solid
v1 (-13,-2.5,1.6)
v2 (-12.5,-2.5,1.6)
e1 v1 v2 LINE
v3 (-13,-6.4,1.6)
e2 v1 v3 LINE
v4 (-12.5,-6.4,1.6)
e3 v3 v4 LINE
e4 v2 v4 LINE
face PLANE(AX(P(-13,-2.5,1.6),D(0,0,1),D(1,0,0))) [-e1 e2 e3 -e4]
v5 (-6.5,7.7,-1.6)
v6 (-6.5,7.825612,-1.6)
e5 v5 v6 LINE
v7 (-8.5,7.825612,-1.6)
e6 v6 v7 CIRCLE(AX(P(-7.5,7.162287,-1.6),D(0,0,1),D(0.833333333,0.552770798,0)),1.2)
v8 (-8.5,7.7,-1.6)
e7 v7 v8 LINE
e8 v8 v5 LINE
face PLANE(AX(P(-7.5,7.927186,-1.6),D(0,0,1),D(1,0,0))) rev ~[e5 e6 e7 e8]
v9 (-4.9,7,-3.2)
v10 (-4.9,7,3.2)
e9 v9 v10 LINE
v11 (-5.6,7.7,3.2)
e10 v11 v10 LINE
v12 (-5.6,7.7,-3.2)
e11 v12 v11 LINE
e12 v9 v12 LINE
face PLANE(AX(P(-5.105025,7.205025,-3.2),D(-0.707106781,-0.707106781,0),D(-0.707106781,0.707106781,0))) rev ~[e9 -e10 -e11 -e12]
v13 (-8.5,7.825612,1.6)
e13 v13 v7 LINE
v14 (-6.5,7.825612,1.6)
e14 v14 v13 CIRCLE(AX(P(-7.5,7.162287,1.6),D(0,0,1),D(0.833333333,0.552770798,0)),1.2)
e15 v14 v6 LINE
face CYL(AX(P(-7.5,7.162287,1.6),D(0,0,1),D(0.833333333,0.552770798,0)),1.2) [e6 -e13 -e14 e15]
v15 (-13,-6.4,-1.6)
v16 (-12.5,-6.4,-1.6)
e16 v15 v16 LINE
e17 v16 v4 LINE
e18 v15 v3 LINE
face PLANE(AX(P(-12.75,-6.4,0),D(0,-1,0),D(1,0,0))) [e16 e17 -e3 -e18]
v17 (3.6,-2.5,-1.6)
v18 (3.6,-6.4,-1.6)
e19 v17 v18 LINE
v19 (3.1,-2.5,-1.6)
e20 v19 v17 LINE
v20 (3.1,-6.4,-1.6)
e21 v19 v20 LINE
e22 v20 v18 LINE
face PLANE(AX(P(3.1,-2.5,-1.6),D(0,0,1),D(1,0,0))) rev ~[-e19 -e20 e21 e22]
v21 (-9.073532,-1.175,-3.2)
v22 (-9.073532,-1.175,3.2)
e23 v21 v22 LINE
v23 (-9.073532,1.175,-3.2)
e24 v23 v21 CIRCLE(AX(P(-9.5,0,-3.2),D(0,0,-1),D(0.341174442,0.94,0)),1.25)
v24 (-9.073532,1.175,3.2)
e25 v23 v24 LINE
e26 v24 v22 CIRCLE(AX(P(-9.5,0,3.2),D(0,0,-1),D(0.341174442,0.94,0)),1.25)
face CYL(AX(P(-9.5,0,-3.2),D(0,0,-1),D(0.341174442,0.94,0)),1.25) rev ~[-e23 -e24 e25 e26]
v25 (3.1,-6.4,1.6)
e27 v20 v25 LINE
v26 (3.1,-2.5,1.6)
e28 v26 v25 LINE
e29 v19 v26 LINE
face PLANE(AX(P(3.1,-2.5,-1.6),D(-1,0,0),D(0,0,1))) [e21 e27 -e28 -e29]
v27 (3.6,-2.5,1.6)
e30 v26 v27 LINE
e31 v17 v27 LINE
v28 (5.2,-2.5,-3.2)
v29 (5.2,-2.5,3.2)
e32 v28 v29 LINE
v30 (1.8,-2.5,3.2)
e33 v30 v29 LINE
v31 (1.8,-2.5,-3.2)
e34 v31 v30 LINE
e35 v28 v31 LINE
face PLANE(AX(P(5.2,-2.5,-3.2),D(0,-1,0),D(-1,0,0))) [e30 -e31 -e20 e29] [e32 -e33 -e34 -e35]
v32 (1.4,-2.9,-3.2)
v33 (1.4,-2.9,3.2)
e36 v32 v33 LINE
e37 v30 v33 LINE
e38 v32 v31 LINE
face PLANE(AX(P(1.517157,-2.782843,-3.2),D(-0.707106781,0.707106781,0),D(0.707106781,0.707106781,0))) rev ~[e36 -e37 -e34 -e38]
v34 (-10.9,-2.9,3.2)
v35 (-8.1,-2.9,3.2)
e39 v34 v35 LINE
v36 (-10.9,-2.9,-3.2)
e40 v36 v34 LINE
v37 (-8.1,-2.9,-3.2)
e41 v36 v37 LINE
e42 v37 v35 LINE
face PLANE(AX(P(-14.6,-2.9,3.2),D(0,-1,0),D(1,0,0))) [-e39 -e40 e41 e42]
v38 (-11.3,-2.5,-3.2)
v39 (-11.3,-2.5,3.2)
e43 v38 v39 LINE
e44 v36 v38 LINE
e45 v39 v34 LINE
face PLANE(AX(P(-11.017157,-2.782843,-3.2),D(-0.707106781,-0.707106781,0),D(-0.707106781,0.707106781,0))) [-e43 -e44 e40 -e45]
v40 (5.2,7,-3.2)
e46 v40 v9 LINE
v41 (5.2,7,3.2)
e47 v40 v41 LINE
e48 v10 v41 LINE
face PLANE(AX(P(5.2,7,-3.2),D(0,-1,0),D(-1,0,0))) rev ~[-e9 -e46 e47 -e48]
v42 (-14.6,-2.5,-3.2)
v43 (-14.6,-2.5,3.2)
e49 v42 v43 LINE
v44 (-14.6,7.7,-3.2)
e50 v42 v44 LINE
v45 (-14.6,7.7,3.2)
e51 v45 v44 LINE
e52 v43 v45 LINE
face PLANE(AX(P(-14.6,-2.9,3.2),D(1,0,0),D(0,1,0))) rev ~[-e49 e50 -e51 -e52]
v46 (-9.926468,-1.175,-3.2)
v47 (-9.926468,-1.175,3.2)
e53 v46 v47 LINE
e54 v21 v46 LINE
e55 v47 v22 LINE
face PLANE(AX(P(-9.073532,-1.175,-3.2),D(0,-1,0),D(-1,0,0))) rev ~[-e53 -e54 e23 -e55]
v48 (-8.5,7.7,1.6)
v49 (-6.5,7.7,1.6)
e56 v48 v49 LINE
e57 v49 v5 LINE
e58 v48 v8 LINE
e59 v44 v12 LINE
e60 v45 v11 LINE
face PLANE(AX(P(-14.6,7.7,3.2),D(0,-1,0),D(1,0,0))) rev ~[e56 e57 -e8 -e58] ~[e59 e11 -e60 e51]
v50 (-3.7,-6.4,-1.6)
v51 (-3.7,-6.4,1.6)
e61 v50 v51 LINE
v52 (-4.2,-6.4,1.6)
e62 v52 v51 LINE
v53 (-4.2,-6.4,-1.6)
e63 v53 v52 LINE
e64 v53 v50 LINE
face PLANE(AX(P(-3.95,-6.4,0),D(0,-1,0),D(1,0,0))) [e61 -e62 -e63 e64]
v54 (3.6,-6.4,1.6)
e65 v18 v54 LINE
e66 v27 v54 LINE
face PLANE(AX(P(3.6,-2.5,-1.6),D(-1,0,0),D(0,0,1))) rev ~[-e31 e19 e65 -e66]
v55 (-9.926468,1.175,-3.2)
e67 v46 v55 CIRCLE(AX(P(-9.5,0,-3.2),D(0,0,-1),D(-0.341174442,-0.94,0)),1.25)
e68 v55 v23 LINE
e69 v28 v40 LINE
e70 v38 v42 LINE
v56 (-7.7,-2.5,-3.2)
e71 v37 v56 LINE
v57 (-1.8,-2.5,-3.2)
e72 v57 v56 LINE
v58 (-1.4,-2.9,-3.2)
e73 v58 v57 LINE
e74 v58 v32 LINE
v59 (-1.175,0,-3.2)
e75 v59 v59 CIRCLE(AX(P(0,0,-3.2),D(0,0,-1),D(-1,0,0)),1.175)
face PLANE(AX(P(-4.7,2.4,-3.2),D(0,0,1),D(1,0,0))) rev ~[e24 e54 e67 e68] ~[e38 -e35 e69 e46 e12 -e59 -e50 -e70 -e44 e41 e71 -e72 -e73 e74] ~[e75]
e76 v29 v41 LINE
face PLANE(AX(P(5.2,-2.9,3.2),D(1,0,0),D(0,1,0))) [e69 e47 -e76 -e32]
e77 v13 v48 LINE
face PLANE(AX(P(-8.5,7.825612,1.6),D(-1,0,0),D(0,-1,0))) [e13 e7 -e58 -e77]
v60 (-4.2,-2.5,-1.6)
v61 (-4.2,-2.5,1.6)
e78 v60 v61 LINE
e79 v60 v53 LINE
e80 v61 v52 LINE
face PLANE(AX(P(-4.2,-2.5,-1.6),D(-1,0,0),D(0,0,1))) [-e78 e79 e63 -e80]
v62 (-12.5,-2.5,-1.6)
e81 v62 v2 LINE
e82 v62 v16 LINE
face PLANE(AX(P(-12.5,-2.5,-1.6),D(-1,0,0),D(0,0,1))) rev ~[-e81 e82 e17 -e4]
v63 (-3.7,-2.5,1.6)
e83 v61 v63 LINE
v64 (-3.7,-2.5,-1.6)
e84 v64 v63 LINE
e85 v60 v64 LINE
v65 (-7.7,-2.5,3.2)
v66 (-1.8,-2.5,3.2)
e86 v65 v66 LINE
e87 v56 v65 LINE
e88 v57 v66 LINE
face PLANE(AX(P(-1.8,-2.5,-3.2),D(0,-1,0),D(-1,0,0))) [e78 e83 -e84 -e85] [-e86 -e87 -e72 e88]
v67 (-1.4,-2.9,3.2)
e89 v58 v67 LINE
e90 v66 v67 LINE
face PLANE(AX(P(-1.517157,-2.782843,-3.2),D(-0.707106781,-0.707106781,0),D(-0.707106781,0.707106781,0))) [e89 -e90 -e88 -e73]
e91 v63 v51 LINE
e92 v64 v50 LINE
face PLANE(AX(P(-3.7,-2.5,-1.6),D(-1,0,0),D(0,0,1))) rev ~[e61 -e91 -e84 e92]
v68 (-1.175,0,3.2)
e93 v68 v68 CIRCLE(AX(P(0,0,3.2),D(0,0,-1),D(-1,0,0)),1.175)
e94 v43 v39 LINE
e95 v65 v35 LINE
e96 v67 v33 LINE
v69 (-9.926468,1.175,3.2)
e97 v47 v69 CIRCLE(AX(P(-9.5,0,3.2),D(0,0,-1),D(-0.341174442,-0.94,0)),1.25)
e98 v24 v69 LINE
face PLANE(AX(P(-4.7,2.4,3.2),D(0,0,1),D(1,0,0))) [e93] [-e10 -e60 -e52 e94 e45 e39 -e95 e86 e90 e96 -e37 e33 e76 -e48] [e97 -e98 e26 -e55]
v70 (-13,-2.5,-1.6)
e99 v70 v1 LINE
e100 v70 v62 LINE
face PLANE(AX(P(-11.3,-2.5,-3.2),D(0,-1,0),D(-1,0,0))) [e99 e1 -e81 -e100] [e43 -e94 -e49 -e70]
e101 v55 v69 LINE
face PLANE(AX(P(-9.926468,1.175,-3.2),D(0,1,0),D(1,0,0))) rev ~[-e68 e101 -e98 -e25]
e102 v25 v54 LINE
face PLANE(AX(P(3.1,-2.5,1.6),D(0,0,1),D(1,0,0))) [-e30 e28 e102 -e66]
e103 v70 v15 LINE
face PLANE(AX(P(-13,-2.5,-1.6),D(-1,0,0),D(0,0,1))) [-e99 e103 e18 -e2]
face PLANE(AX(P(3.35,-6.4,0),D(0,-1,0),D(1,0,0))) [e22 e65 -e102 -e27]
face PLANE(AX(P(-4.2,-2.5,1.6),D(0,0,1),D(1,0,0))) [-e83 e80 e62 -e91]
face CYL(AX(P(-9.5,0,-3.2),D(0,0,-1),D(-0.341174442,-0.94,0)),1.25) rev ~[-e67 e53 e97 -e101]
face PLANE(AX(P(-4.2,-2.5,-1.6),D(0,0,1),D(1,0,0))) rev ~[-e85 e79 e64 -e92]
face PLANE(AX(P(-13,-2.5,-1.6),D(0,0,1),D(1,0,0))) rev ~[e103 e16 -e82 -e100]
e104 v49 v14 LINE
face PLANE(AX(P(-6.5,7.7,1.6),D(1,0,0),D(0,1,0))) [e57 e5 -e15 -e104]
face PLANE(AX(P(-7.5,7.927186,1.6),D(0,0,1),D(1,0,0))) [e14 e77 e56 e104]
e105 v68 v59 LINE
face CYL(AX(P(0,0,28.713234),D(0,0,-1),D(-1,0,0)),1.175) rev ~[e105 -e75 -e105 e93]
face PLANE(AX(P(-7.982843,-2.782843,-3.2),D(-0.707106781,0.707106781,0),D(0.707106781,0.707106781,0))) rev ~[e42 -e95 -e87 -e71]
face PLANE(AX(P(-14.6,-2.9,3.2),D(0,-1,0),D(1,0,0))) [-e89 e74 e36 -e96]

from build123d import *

# Parameters (mm, degrees)
SKETCH1_W                    = 19.8
SKETCH1_H                    = 10.6
BOSS_EXTRUDE1_DEPTH          = 6.4
SKETCH2_W                    = 10.8
SKETCH2_H                    = 0.7
CUT_EXTRUDE1_DEPTH           = 18.703389506
SKETCH3_W                    = 3.3
SKETCH3_H                    = 0.4
CUT_EXTRUDE2_DEPTH           = 18.703389506
SKETCH4_W                    = 5.9
SKETCH4_H                    = 0.4
CUT_EXTRUDE3_DEPTH           = 18.703389506
SKETCH5_W                    = 3.4
SKETCH5_H                    = 0.4
CUT_EXTRUDE4_DEPTH           = 18.703389506
CUT_EXTRUDE5_DEPTH           = 18.703389506
BOSS_EXTRUDE2_DEPTH          = 3.2
SKETCH8_W                    = 0.5
SKETCH8_H                    = 3.2
BOSS_EXTRUDE3_DEPTH          = 3.9
SKETCH9_W                    = 0.5
SKETCH9_H                    = 3.2
BOSS_EXTRUDE4_DEPTH          = 3.9
SKETCH10_W                   = 0.5
SKETCH10_H                   = 3.2
BOSS_EXTRUDE5_DEPTH          = 3.9
DRAFT1_ANGLE                 = 45
DRAFT2_ANGLE                 = 45
DRAFT3_ANGLE                 = 45
DRAFT4_ANGLE                 = 45
F_2_35_2_35_DIAMETER_HOLE1_D = 2.35


with BuildPart() as part:
    # Sketch1 → Boss-Extrude1 (new body)
    with BuildSketch(Plane.XY.offset(3.2)):
        with Locations((-4.7, 2.4)):
            Rectangle(SKETCH1_W, SKETCH1_H)
    extrude(amount=-BOSS_EXTRUDE1_DEPTH)

    # Sketch2 → Cut-Extrude1 (cut, through all)
    with BuildSketch(Plane(origin=(0, 0, -3.2), x_dir=(-1, 0, 0), z_dir=(0, 0, -1))):
        with Locations((0.2, 7.35)):
            Rectangle(SKETCH2_W, SKETCH2_H)
    extrude(amount=-CUT_EXTRUDE1_DEPTH, mode=Mode.SUBTRACT)

    # Sketch3 → Cut-Extrude2 (cut, through all)
    with BuildSketch(Plane(origin=(0, 0, -3.2), x_dir=(-1, 0, 0), z_dir=(0, 0, -1))):
        with Locations((12.95, -2.7)):
            Rectangle(SKETCH3_W, SKETCH3_H)
    extrude(amount=-CUT_EXTRUDE2_DEPTH, mode=Mode.SUBTRACT)

    # Sketch4 → Cut-Extrude3 (cut, through all)
    with BuildSketch(Plane(origin=(0, 0, -3.2), x_dir=(-1, 0, 0), z_dir=(0, 0, -1))):
        with Locations((4.75, -2.7)):
            Rectangle(SKETCH4_W, SKETCH4_H)
    extrude(amount=-CUT_EXTRUDE3_DEPTH, mode=Mode.SUBTRACT)

    # Sketch5 → Cut-Extrude4 (cut, through all)
    with BuildSketch(Plane(origin=(0, 0, -3.2), x_dir=(-1, 0, 0), z_dir=(0, 0, -1))):
        with Locations((-3.5, -2.7)):
            Rectangle(SKETCH5_W, SKETCH5_H)
    extrude(amount=-CUT_EXTRUDE4_DEPTH, mode=Mode.SUBTRACT)

    # Sketch6 → Cut-Extrude5 (cut, through all)
    with BuildSketch(Plane(origin=(0, 0, -3.2), x_dir=(-1, 0, 0), z_dir=(0, 0, -1))):
        with BuildLine():
            Line((9.073531947, -1.175), (9.926468053, -1.175))
            ThreePointArc((9.926468053, -1.175), (10.75, 0), (9.926468053, 1.175))
            Line((9.926468053, 1.175), (9.073531947, 1.175))
            ThreePointArc((9.073531947, 1.175), (8.25, 0), (9.073531947, -1.175))
        make_face()
    extrude(amount=-CUT_EXTRUDE5_DEPTH, mode=Mode.SUBTRACT)

    # Sketch7 → Boss-Extrude2 (add)
    with BuildSketch(Plane.XY.offset(1.6)):
        with BuildLine():
            Line((-8.5, 7.825612234), (-8.5, 7.7))
            Line((-8.5, 7.7), (-6.5, 7.7))
            Line((-6.5, 7.7), (-6.5, 7.825612234))
            ThreePointArc((-6.5, 7.825612234), (-7.5, 8.362287276), (-8.5, 7.825612234))
        make_face()
    extrude(amount=-BOSS_EXTRUDE2_DEPTH)

    # Sketch8 → Boss-Extrude3 (add)
    with BuildSketch(Plane.XZ.offset(2.5)):
        with Locations((-3.95, 0)):
            Rectangle(SKETCH8_W, SKETCH8_H)
    extrude(amount=BOSS_EXTRUDE3_DEPTH)

    # Sketch9 → Boss-Extrude4 (add)
    with BuildSketch(Plane.XZ.offset(2.5)):
        with Locations((3.35, 0)):
            Rectangle(SKETCH9_W, SKETCH9_H)
    extrude(amount=BOSS_EXTRUDE4_DEPTH)

    # Sketch10 → Boss-Extrude5 (add)
    with BuildSketch(Plane.XZ.offset(2.5)):
        with Locations((-12.75, 0)):
            Rectangle(SKETCH10_W, SKETCH10_H)
    extrude(amount=BOSS_EXTRUDE5_DEPTH)

    # Draft1
    draft1_faces = [part.faces().sort_by_distance(p)[0] for p in [
        (-5.6, 7.35, 0),
    ]]
    draft(draft1_faces, Plane(origin=(5.2, 7.7, -3.2), x_dir=(1, 0, 0), z_dir=(0, 1, 0)), DRAFT1_ANGLE)

    # Draft2
    draft2_faces = [part.faces().sort_by_distance(p)[0] for p in [
        (1.8, -2.7, 0),
    ]]
    draft(draft2_faces, Plane(origin=(1.8, -2.5, 3.2), x_dir=(0, 0, -1), z_dir=(0, -1, 0)), DRAFT2_ANGLE)

    # Draft3
    draft3_faces = [part.faces().sort_by_distance(p)[0] for p in [
        (-11.3, -2.7, 0),
    ]]
    draft(draft3_faces, Plane(origin=(-14.6, -2.5, 3.2), x_dir=(0, 0, -1), z_dir=(0, -1, 0)), DRAFT3_ANGLE)

    # Draft4
    draft4_faces = [part.faces().sort_by_distance(p)[0] for p in [
        (-7.7, -2.7, 0),
        (-1.8, -2.7, 0),
    ]]
    draft(draft4_faces, Plane(origin=(-7.7, -2.5, 3.2), x_dir=(0, 0, -1), z_dir=(0, -1, 0)), DRAFT4_ANGLE)

    # Ø2.35 (2.35) Diameter Hole1 (through all)
    with Locations(Plane.XY.offset(3.2)):
        with Locations((0, 0)):
            Hole(F_2_35_2_35_DIAMETER_HOLE1_D / 2)


solid = part.part
